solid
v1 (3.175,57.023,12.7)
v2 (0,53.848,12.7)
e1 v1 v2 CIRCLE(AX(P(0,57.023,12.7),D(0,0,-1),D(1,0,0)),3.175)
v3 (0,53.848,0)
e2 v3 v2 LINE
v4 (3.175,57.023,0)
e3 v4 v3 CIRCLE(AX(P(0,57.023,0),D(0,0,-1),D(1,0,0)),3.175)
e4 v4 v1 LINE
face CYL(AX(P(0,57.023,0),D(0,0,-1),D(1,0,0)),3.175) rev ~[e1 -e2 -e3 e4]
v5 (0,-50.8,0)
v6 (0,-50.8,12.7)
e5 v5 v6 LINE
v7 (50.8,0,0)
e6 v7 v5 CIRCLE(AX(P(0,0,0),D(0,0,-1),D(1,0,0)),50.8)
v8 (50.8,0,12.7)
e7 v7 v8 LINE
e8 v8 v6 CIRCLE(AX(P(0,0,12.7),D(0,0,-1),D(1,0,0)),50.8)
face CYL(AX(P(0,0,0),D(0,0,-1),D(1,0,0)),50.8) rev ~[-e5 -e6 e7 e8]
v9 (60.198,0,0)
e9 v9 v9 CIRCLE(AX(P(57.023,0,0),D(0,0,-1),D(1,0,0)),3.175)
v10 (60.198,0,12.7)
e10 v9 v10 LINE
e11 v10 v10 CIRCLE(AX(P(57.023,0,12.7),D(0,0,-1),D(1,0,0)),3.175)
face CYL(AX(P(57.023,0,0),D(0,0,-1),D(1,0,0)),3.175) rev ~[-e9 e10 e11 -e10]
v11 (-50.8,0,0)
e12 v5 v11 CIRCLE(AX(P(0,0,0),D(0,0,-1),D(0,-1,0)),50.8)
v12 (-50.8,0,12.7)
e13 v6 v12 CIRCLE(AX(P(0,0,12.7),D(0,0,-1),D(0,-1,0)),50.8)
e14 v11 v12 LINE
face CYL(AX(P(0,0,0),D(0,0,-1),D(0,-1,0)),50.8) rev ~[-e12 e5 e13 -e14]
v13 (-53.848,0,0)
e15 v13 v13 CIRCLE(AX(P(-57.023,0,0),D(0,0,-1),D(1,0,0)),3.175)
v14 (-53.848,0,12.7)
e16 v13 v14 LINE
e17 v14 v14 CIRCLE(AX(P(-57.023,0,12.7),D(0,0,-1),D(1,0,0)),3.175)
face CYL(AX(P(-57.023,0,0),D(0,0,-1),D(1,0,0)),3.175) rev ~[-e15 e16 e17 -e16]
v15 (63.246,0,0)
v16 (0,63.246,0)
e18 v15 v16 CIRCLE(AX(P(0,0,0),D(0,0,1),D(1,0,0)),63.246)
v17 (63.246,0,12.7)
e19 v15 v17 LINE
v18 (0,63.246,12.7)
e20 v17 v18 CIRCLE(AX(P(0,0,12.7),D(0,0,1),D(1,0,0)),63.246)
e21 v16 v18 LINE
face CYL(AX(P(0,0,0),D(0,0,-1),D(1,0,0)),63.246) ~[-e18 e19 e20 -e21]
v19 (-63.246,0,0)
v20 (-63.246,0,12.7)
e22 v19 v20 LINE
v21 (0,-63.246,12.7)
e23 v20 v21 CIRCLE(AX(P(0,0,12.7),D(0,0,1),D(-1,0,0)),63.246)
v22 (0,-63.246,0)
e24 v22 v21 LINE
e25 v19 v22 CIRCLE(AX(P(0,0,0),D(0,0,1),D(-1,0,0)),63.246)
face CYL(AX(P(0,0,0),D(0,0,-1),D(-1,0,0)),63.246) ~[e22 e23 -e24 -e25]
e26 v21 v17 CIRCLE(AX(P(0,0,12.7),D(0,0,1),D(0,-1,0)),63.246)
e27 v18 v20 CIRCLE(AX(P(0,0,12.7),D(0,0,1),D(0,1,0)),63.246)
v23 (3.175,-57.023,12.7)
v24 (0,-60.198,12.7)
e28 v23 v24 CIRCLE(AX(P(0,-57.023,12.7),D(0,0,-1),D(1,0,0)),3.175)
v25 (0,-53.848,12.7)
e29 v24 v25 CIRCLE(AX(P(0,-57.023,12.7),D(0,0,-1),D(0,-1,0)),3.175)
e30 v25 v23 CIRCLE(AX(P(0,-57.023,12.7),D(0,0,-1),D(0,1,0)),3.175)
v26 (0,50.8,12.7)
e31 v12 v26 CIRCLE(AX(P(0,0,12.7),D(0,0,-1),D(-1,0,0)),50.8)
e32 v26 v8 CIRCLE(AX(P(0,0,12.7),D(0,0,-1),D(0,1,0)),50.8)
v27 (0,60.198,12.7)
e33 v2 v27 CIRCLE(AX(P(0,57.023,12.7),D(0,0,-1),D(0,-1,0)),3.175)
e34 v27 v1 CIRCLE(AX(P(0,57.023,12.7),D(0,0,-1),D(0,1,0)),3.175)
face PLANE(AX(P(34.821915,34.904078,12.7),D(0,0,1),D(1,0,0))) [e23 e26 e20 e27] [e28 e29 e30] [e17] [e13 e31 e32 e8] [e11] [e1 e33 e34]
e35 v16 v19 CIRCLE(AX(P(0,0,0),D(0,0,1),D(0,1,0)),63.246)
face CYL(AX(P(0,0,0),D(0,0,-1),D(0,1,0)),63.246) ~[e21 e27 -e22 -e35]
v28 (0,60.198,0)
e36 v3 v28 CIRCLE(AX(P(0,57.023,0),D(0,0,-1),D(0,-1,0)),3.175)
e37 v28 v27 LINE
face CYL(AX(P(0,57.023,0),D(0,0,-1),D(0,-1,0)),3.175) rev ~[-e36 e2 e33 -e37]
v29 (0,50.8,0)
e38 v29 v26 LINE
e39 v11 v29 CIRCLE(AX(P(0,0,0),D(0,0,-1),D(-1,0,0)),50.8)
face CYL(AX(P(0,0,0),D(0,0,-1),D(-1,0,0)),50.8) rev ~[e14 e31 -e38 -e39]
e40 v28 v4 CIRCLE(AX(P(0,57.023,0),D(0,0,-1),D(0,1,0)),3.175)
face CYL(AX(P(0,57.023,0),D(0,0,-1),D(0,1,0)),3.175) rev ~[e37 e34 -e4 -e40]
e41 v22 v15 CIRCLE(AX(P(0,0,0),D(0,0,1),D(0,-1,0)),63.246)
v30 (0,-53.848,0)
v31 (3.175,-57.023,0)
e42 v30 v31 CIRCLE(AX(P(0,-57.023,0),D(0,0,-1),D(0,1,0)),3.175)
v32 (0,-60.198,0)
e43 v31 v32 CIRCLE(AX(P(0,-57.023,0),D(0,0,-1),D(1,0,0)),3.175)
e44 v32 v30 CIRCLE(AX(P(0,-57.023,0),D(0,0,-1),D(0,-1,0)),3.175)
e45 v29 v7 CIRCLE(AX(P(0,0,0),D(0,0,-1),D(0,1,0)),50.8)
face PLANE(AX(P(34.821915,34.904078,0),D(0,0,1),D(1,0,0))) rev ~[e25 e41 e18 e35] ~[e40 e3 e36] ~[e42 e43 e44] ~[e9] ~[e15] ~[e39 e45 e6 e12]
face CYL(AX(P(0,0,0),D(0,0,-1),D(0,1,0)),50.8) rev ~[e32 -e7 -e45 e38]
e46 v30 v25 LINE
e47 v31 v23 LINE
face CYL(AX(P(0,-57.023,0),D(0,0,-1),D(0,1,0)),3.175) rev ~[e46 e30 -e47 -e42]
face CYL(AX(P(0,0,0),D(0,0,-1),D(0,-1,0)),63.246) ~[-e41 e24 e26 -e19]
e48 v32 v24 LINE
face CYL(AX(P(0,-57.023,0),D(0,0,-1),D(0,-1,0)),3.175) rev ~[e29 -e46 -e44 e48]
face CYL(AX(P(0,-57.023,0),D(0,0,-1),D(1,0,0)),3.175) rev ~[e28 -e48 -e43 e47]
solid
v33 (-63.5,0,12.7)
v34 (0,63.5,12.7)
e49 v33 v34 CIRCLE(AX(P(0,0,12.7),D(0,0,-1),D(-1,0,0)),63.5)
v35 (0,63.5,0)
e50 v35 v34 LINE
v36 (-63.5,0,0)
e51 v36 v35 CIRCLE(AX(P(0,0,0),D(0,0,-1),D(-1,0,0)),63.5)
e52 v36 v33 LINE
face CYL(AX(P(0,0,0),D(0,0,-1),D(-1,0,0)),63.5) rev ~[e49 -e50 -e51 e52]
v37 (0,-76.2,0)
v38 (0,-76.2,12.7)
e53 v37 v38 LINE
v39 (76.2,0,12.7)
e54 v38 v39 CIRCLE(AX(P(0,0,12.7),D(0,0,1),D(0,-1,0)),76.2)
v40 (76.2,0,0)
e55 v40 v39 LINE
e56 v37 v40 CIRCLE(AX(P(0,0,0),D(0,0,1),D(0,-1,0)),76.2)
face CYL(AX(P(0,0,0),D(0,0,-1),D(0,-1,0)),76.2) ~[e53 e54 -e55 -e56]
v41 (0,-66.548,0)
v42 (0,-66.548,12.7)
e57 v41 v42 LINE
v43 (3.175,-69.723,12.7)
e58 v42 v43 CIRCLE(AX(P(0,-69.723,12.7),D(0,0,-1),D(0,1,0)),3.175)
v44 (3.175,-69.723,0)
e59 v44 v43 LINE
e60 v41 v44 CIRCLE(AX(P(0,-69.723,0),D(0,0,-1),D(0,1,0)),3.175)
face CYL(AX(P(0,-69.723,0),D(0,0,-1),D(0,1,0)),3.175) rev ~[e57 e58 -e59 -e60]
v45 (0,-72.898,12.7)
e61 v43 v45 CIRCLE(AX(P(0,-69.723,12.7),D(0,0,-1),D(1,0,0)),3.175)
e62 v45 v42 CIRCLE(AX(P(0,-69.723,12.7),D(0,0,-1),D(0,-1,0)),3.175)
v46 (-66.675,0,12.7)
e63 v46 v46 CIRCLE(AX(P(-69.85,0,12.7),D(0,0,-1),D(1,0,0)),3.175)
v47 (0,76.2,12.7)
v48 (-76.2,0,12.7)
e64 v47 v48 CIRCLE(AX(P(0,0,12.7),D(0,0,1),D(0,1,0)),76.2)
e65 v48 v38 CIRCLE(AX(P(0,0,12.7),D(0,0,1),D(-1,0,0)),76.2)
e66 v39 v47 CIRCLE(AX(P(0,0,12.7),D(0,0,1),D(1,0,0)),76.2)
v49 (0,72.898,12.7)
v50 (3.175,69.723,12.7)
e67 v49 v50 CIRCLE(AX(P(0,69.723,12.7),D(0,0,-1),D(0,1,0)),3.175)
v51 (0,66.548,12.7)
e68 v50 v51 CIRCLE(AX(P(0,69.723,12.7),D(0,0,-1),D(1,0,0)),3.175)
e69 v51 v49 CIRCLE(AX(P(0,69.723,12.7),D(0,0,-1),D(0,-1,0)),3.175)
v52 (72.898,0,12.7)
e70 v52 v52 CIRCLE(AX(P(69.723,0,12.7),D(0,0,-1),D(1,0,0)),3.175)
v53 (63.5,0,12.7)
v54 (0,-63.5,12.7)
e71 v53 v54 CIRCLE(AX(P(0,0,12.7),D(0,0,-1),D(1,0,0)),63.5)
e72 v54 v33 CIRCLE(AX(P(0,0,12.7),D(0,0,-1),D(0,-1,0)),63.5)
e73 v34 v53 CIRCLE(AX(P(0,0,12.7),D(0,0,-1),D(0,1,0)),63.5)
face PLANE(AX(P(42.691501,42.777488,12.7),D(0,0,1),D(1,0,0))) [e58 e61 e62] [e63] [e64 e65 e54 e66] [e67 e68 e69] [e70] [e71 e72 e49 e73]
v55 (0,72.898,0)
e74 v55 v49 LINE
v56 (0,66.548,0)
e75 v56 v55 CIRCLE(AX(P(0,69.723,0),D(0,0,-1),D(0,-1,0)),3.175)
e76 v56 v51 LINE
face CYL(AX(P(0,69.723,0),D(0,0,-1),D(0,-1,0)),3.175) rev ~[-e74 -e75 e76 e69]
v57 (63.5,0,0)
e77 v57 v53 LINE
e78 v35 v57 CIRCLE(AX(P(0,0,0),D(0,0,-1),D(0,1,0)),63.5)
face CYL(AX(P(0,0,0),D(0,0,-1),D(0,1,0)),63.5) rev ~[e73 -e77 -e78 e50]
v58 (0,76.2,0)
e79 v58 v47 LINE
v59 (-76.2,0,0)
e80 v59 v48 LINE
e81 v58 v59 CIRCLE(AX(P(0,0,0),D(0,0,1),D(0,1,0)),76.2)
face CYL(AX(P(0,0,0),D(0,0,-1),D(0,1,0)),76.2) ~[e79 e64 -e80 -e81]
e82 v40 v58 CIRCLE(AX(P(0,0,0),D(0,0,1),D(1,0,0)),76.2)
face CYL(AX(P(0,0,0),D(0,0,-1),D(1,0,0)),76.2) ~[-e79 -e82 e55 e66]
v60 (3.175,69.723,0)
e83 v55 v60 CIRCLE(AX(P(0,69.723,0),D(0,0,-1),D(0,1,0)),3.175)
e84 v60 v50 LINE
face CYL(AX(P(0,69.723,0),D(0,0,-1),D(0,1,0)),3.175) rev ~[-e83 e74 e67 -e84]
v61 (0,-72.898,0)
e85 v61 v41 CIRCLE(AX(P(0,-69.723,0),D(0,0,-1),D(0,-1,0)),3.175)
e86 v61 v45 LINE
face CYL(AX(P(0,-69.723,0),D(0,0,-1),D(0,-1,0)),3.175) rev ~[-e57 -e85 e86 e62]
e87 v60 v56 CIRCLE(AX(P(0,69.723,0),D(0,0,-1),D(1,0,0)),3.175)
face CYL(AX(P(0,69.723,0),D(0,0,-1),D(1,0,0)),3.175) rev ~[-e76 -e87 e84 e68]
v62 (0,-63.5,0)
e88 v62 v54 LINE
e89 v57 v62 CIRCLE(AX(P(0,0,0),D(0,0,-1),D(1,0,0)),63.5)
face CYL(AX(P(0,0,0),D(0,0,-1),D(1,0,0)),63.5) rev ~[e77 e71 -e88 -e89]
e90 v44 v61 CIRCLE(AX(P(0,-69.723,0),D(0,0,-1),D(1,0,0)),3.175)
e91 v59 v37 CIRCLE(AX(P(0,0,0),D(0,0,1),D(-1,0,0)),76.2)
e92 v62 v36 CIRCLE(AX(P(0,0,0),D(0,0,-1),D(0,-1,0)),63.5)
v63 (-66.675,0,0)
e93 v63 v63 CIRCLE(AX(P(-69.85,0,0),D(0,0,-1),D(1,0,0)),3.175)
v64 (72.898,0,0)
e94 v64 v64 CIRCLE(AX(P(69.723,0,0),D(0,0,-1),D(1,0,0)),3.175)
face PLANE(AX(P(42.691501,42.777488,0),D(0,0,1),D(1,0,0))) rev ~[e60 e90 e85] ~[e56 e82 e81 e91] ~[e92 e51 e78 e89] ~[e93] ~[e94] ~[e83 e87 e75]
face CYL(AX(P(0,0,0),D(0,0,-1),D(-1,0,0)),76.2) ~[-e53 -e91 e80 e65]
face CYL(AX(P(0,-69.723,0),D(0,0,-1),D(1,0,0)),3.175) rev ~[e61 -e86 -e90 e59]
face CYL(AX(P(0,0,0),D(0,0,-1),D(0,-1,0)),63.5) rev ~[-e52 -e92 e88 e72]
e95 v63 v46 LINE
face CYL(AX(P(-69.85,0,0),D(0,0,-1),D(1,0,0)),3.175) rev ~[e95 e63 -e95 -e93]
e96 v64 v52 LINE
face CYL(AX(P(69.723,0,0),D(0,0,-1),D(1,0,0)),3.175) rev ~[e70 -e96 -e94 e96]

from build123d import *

# Parameters (mm, degrees)
F1_DEPTH = 12.7


with BuildPart() as f1:
    # F0 (on Top) → F1 (new body)
    with BuildSketch(Plane.XY):
        with BuildLine():
            Line((60.198, 0), (63.246, 0))
            ThreePointArc((63.246, 0), (44.7216754829, 44.7216754829), (0, 63.246))
            Line((0, 63.246), (0, 60.198))
            ThreePointArc((0, 60.198), (2.2450640303, 59.2680640303), (3.175, 57.023))
            ThreePointArc((3.175, 57.023), (2.2450640303, 54.7779359697), (0, 53.848))
            Line((0, 53.848), (0, 50.8))
            ThreePointArc((0, 50.8), (35.9210244843, 35.9210244843), (50.8, 0))
            Line((50.8, 0), (53.848, 0))
            ThreePointArc((53.848, 0), (57.023, 3.175), (60.198, 0))
        make_face()
        with BuildLine():
            Line((0, 60.198), (0, 63.246))
            ThreePointArc((0, 63.246), (-44.7216754829, 44.7216754829), (-63.246, 0))
            Line((-63.246, 0), (-60.198, 0))
            ThreePointArc((-60.198, 0), (-57.023, 3.175), (-53.848, 0))
            Line((-53.848, 0), (-50.8, 0))
            ThreePointArc((-50.8, 0), (-35.9210244843, 35.9210244843), (0, 50.8))
            Line((0, 50.8), (0, 53.848))
            ThreePointArc((0, 53.848), (-3.175, 57.023), (0, 60.198))
        make_face()
        with BuildLine():
            ThreePointArc((0, -63.246), (44.7216754829, -44.7216754829), (63.246, 0))
            Line((63.246, 0), (60.198, 0))
            ThreePointArc((60.198, 0), (57.023, -3.175), (53.848, 0))
            Line((53.848, 0), (50.8, 0))
            ThreePointArc((50.8, 0), (35.9210244843, -35.9210244843), (0, -50.8))
            Line((0, -50.8), (0, -53.848))
            ThreePointArc((0, -53.848), (2.2450640303, -54.7779359697), (3.175, -57.023))
            ThreePointArc((3.175, -57.023), (2.2450640303, -59.2680640303), (0, -60.198))
            Line((0, -60.198), (0, -63.246))
        make_face()
        with BuildLine():
            ThreePointArc((-63.246, 0), (-44.7216754829, -44.7216754829), (0, -63.246))
            Line((0, -63.246), (0, -60.198))
            ThreePointArc((0, -60.198), (-3.175, -57.023), (0, -53.848))
            Line((0, -53.848), (0, -50.8))
            ThreePointArc((0, -50.8), (-35.9210244843, -35.9210244843), (-50.8, 0))
            Line((-50.8, 0), (-53.848, 0))
            ThreePointArc((-53.848, 0), (-57.023, -3.175), (-60.198, 0))
            Line((-60.198, 0), (-63.246, 0))
        make_face()
    extrude(amount=F1_DEPTH)


with BuildPart() as f1b:
    # F0 (on Top) → F1, piece 2 (new body)
    with BuildSketch(Plane.XY):
        with BuildLine():
            Line((72.898, 0), (76.2, 0))
            ThreePointArc((76.2, 0), (53.8815367264, 53.8815367264), (0, 76.2))
            Line((0, 76.2), (0, 72.898))
            ThreePointArc((0, 72.898), (2.2450640303, 71.9680640303), (3.175, 69.723))
            ThreePointArc((3.175, 69.723), (2.2450640303, 67.4779359697), (0, 66.548))
            Line((0, 66.548), (0, 63.5))
            ThreePointArc((0, 63.5), (44.9012806053, 44.9012806053), (63.5, 0))
            Line((63.5, 0), (66.548, 0))
            ThreePointArc((66.548, 0), (69.723, 3.175), (72.898, 0))
        make_face()
        with BuildLine():
            Line((0, 72.898), (0, 76.2))
            ThreePointArc((0, 76.2), (-53.8815367264, 53.8815367264), (-76.2, 0))
            Line((-76.2, 0), (-73.025, 0))
            ThreePointArc((-73.025, 0), (-69.85, 3.175), (-66.675, 0))
            Line((-66.675, 0), (-63.5, 0))
            ThreePointArc((-63.5, 0), (-44.9012806053, 44.9012806053), (0, 63.5))
            Line((0, 63.5), (0, 66.548))
            ThreePointArc((0, 66.548), (-3.175, 69.723), (0, 72.898))
        make_face()
        with BuildLine():
            ThreePointArc((-76.2, 0), (-53.8815367264, -53.8815367264), (0, -76.2))
            Line((0, -76.2), (0, -72.898))
            ThreePointArc((0, -72.898), (-3.175, -69.723), (0, -66.548))
            Line((0, -66.548), (0, -63.5))
            ThreePointArc((0, -63.5), (-44.9012806053, -44.9012806053), (-63.5, 0))
            Line((-63.5, 0), (-66.675, 0))
            ThreePointArc((-66.675, 0), (-69.85, -3.175), (-73.025, 0))
            Line((-73.025, 0), (-76.2, 0))
        make_face()
        with BuildLine():
            ThreePointArc((0, -76.2), (53.8815367264, -53.8815367264), (76.2, 0))
            Line((76.2, 0), (72.898, 0))
            ThreePointArc((72.898, 0), (69.723, -3.175), (66.548, 0))
            Line((66.548, 0), (63.5, 0))
            ThreePointArc((63.5, 0), (44.9012806053, -44.9012806053), (0, -63.5))
            Line((0, -63.5), (0, -66.548))
            ThreePointArc((0, -66.548), (2.2450640303, -67.4779359697), (3.175, -69.723))
            ThreePointArc((3.175, -69.723), (2.2450640303, -71.9680640303), (0, -72.898))
            Line((0, -72.898), (0, -76.2))
        make_face()
    extrude(amount=F1_DEPTH)


solid = Compound([f1.part, f1b.part])
